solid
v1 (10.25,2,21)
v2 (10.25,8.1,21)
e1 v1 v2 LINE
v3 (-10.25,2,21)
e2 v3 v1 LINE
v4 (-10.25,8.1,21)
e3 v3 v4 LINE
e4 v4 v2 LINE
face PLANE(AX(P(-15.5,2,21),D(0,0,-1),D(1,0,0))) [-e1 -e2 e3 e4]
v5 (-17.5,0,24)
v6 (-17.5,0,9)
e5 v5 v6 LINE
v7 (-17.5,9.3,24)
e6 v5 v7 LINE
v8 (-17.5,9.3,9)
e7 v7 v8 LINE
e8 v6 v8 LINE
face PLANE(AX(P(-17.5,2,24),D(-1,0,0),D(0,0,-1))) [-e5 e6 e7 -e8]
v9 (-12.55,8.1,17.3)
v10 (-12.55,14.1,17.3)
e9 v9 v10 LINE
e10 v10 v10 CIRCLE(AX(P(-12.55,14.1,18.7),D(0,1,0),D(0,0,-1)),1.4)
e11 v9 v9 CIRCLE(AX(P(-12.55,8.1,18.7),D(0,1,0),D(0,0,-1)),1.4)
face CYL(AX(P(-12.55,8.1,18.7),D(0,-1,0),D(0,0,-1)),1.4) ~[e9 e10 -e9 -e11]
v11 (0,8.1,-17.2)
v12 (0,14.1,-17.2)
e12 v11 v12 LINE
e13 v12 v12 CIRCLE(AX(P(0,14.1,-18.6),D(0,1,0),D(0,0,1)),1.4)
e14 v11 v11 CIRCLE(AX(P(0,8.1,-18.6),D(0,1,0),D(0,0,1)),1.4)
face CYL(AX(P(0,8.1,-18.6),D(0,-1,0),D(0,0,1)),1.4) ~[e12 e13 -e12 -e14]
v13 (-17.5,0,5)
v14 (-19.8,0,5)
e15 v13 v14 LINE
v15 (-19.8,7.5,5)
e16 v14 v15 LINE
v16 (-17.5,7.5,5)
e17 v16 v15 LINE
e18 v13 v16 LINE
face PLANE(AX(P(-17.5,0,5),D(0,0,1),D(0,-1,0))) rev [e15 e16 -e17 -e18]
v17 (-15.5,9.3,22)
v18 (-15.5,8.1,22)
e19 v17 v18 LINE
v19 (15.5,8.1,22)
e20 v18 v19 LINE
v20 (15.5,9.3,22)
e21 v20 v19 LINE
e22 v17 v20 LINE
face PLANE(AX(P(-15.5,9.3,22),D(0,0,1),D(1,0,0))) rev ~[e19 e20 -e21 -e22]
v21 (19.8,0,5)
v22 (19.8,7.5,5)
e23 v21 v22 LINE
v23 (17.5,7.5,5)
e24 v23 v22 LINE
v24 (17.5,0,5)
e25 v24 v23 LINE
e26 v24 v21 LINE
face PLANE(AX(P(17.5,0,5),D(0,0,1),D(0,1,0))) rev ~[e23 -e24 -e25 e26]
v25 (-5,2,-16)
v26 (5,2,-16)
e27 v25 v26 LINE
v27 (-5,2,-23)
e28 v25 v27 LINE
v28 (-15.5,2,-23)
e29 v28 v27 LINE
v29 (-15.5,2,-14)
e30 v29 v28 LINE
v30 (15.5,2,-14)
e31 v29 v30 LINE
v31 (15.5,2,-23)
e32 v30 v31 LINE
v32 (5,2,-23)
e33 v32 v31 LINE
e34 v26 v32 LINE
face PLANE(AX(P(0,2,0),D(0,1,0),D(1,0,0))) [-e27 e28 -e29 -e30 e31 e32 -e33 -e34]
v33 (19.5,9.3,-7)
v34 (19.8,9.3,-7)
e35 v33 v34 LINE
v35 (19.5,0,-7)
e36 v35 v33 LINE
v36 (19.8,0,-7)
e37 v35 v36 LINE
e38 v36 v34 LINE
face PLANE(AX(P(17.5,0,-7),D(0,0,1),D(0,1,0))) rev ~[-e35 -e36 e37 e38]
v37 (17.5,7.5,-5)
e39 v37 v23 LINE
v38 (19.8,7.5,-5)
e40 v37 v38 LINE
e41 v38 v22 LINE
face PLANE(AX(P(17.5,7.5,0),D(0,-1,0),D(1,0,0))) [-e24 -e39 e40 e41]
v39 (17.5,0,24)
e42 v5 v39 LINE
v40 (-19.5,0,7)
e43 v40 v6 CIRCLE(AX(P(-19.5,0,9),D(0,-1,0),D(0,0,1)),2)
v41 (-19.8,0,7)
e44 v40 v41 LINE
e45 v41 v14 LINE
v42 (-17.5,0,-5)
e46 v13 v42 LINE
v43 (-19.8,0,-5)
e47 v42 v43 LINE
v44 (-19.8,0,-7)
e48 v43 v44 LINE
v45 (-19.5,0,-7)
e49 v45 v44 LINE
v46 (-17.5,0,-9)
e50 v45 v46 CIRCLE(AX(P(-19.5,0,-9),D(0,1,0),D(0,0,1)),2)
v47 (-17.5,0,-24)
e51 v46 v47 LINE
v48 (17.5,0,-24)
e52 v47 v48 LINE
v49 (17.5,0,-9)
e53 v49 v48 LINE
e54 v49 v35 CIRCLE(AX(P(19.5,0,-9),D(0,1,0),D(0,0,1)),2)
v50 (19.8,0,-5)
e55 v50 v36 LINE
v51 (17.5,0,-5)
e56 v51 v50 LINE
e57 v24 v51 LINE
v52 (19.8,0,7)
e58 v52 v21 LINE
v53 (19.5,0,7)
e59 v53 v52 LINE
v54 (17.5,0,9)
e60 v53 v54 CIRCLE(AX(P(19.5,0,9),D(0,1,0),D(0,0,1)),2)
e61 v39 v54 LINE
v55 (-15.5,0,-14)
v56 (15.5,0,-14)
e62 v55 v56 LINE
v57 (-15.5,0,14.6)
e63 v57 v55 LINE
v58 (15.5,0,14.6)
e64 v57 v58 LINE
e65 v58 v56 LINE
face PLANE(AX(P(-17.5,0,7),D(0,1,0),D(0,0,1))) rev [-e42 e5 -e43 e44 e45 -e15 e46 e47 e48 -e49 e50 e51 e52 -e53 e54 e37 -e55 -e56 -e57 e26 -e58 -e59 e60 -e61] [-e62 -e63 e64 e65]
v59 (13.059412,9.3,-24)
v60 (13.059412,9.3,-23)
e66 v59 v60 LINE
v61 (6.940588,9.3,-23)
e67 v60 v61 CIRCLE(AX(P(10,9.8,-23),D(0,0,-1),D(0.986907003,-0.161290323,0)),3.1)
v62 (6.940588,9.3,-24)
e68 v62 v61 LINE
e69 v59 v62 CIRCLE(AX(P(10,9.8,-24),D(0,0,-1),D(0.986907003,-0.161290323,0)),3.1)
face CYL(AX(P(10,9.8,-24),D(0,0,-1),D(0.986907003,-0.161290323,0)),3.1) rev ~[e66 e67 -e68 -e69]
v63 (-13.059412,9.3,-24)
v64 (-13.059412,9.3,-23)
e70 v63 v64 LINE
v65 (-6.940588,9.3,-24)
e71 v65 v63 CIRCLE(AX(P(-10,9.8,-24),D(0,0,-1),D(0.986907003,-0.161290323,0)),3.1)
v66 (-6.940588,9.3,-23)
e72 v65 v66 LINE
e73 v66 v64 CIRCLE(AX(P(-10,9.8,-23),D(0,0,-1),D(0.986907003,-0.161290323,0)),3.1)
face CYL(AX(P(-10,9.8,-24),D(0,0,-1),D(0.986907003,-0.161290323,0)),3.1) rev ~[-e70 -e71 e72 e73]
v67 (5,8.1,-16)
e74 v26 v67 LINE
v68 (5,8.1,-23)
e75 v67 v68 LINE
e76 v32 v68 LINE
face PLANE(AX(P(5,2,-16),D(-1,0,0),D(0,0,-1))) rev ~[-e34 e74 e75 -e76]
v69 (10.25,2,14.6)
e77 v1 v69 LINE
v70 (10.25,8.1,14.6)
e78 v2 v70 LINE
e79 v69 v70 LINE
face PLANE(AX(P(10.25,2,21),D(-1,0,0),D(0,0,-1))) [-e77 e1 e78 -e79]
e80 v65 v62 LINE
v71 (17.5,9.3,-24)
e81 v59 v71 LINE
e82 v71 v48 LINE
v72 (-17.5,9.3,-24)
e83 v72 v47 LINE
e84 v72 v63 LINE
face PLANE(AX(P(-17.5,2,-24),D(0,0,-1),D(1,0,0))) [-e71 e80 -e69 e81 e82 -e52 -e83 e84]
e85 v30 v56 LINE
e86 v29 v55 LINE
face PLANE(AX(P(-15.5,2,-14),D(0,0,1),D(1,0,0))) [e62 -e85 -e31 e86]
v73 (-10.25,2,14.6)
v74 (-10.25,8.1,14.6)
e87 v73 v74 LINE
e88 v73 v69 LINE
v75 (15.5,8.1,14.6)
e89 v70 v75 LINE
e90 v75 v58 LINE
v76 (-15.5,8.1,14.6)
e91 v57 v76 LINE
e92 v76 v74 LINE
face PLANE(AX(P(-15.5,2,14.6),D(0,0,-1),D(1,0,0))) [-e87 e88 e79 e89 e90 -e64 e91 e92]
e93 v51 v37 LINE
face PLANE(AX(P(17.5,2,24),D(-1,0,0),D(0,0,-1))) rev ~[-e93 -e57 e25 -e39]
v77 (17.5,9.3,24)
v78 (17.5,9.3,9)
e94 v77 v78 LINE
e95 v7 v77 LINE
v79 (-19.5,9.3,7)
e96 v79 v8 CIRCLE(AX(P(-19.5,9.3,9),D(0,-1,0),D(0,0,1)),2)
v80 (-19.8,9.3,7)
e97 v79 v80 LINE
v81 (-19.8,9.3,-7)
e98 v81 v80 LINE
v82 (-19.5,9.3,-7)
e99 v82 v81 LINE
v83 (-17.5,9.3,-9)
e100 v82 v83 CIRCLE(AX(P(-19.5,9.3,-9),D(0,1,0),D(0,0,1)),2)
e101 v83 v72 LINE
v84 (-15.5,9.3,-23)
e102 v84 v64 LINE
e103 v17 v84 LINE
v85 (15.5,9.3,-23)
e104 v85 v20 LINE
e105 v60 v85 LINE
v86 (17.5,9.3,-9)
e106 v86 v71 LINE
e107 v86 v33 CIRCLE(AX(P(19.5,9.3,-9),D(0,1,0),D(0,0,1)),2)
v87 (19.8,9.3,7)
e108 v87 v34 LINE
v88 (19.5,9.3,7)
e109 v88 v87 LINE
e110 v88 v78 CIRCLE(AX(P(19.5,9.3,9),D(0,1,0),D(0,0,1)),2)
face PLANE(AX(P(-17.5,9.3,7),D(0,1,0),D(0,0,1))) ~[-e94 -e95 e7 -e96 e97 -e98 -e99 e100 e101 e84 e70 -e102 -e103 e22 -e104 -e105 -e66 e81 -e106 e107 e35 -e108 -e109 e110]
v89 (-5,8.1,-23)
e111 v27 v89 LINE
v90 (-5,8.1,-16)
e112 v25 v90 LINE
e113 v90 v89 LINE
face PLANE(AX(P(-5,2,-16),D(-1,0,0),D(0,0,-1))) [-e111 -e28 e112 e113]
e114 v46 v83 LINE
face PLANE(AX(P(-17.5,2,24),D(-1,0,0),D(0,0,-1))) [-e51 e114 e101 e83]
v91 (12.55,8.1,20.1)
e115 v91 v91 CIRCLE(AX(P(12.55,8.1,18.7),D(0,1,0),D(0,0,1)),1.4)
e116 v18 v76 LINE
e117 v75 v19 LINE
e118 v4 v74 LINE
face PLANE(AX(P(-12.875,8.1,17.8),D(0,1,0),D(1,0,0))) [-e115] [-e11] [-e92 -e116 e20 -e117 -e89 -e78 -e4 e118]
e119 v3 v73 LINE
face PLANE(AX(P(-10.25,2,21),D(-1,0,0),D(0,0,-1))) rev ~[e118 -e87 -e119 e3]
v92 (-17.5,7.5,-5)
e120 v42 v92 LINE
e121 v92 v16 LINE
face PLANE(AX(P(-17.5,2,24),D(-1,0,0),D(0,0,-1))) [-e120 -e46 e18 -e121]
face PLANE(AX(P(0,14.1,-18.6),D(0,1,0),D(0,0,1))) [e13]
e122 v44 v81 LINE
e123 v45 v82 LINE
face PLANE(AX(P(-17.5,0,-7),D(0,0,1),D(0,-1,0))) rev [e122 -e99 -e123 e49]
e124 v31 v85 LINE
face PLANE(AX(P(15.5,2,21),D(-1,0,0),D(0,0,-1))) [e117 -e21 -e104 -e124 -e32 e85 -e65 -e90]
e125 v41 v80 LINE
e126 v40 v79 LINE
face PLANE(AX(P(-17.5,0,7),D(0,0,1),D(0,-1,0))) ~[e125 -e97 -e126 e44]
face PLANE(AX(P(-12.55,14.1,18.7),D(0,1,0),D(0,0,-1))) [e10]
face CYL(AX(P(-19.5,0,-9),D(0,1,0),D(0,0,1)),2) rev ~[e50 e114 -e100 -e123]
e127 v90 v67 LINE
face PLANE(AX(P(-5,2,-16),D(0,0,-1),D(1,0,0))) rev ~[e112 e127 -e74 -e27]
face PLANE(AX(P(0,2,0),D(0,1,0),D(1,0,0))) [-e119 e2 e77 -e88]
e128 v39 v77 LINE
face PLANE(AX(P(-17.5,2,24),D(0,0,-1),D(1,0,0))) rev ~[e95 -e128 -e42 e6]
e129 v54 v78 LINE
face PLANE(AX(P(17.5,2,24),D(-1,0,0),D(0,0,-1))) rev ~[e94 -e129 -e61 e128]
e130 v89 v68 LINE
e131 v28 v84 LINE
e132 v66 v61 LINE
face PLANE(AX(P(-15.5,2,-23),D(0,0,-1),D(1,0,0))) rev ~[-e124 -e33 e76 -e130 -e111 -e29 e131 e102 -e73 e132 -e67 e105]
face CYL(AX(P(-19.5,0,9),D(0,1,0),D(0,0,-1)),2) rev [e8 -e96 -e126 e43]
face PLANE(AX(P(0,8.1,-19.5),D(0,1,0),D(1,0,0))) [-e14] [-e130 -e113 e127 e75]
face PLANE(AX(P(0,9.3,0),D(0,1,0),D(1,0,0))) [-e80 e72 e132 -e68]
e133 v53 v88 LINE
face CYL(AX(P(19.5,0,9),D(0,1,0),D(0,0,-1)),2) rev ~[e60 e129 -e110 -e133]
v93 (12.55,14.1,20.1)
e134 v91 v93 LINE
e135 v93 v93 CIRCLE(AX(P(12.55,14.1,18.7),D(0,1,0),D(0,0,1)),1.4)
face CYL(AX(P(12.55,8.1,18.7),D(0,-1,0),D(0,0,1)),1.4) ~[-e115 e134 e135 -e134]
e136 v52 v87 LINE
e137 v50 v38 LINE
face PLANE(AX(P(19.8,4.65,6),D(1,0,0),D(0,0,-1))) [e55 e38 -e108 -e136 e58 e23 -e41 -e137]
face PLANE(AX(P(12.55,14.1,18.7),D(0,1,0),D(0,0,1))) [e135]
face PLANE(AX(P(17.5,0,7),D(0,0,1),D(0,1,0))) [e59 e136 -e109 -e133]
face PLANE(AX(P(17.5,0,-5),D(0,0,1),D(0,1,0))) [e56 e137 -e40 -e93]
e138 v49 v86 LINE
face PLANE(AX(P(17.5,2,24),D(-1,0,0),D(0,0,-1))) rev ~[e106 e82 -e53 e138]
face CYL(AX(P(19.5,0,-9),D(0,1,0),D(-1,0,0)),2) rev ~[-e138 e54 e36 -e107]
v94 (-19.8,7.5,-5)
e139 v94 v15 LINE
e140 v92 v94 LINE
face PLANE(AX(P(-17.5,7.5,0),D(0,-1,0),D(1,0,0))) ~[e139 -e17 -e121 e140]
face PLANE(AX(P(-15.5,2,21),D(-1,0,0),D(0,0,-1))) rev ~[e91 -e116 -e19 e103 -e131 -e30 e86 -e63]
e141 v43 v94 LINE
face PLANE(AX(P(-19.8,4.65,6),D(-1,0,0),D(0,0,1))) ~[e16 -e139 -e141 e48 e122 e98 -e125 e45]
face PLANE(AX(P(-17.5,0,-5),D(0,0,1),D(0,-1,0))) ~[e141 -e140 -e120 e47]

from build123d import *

# Parameters (mm, degrees)
SKETCH1_W           = 35
SKETCH1_H           = 48
BOSS_EXTRUDE1_DEPTH = 2
SKETCH2_W           = 35
SKETCH2_H           = 48
SKETCH2_W_2         = 31
SKETCH2_H_2         = 44
BOSS_EXTRUDE2_DEPTH = 7.3
SKETCH3_W           = 10
SKETCH3_H           = 7
SKETCH3_W_2         = 5.25
SKETCH3_H_2         = 6.4
BOSS_EXTRUDE3_DEPTH = 6.1
CUT_EXTRUDE5_DEPTH  = 1
SKETCH10_W          = 31
SKETCH10_H          = 28.6
CUT_EXTRUDE6_DEPTH  = 31.586598372
BOSS_EXTRUDE4_START = 8.1
SKETCH8_R           = 1.4
BOSS_EXTRUDE4_DEPTH = 6
SKETCH14_W          = 2.3
SKETCH14_H          = 1.8
BOSS_EXTRUDE6_DEPTH = 5
SKETCH15_W          = 2
SKETCH15_H          = 9.3
BOSS_EXTRUDE7_DEPTH = 2.3
FILLET3_R           = 2
SKETCH16_W          = 31
SKETCH16_H          = 1
CUT_EXTRUDE8_DEPTH  = 1.2


with BuildPart() as part:
    # Sketch1 → Boss-Extrude1 (new body)
    with BuildSketch(Plane(origin=(0, 0, 0), x_dir=(1, 0, 0), z_dir=(0, 1, 0))):
        Rectangle(SKETCH1_W, SKETCH1_H)
    extrude(amount=BOSS_EXTRUDE1_DEPTH)

    # Sketch2 → Boss-Extrude2 (add)
    with BuildSketch(Plane(origin=(0, 2, 0), x_dir=(1, 0, 0), z_dir=(0, 1, 0))):
        Rectangle(SKETCH2_W, SKETCH2_H)
        with Locations((0, 1)):
            Rectangle(SKETCH2_W_2, SKETCH2_H_2, mode=Mode.SUBTRACT)
    extrude(amount=BOSS_EXTRUDE2_DEPTH)

    # Sketch3 → Boss-Extrude3 (add)
    with BuildSketch(Plane(origin=(0, 2, 0), x_dir=(1, 0, 0), z_dir=(0, 1, 0))):
        with Locations((0, 19.5)):
            Rectangle(SKETCH3_W, SKETCH3_H)
        with Locations((-12.875, -17.8)):
            Rectangle(SKETCH3_W_2, SKETCH3_H_2)
        with Locations((12.875, -17.8)):
            Rectangle(SKETCH3_W_2, SKETCH3_H_2)
    extrude(amount=BOSS_EXTRUDE3_DEPTH)

    # Sketch6 → Cut-Extrude5 (cut)
    with BuildSketch(Plane(origin=(0, 0, -24), x_dir=(-1, 0, 0), z_dir=(0, 0, -1))):
        with BuildLine():
            ThreePointArc((-13.059411708, 9.3), (-10, 6.7), (-6.940588292, 9.3))
            Line((-6.940588292, 9.3), (-13.059411708, 9.3))
        make_face()
        with BuildLine():
            Line((13.059411708, 9.3), (6.940588292, 9.3))
            ThreePointArc((6.940588292, 9.3), (10, 6.7), (13.059411708, 9.3))
        make_face()
    extrude(amount=-CUT_EXTRUDE5_DEPTH, mode=Mode.SUBTRACT)

    # Sketch10 → Cut-Extrude6 (cut, through all)
    with BuildSketch(Plane(origin=(0, 2, 0), x_dir=(1, 0, 0), z_dir=(0, 1, 0))):
        with Locations((0, -0.3)):
            Rectangle(SKETCH10_W, SKETCH10_H)
    extrude(amount=-CUT_EXTRUDE6_DEPTH, mode=Mode.SUBTRACT)

    # Sketch8 → Boss-Extrude4 (add)
    with BuildSketch(Plane(origin=(0, 0, 0), x_dir=(1, 0, 0), z_dir=(0, 1, 0)).offset(BOSS_EXTRUDE4_START)):
        with Locations(Location((-12.55, -18.7, 0), (0, 0, 90))):
            Circle(SKETCH8_R)
        with Locations(Location((12.55, -18.7, 0), (0, 0, 270))):
            Circle(SKETCH8_R)
        with Locations(Location((0, 18.6, 0), (0, 0, 270))):
            Circle(SKETCH8_R)
    extrude(amount=BOSS_EXTRUDE4_DEPTH)

    # Sketch14 → Boss-Extrude6 (add, symmetric)
    with BuildSketch(Plane.XY):
        with Locations((18.65, 8.4)):
            Rectangle(SKETCH14_W, SKETCH14_H)
    boss_extrude6 = extrude(amount=BOSS_EXTRUDE6_DEPTH, both=True)

    # Sketch15 → Boss-Extrude7 (add)
    with BuildSketch(Plane(origin=(17.5, 0, 0), x_dir=(0, 0, -1), z_dir=(1, 0, 0))):
        with Locations((-6, 4.65)):
            Rectangle(SKETCH15_W, SKETCH15_H)
        with Locations((6, 4.65)):
            Rectangle(SKETCH15_W, SKETCH15_H)
    boss_extrude7 = extrude(amount=BOSS_EXTRUDE7_DEPTH)

    # Mirror3: Boss-Extrude6, Boss-Extrude7 across plane
    add(boss_extrude6.mirror(Plane(origin=(0, 0, 0), x_dir=(0, 0, 1), z_dir=(1, 0, 0))))
    add(boss_extrude7.mirror(Plane(origin=(0, 0, 0), x_dir=(0, 0, 1), z_dir=(1, 0, 0))))

    # Fillet3
    fillet3_edges = [part.edges().sort_by_distance(p)[0] for p in [
        (17.5, 4.65, 7),
        (17.5, 4.65, -7),
        (-17.5, 4.65, 7),
        (-17.5, 4.65, -7),
    ]]
    fillet(fillet3_edges, radius=FILLET3_R)

    # Sketch16 → Cut-Extrude8 (cut)
    with BuildSketch(Plane(origin=(0, 9.3, 0), x_dir=(1, 0, 0), z_dir=(0, 1, 0))):
        with Locations((0, -21.5)):
            Rectangle(SKETCH16_W, SKETCH16_H)
    extrude(amount=-CUT_EXTRUDE8_DEPTH, mode=Mode.SUBTRACT)


solid = part.part
